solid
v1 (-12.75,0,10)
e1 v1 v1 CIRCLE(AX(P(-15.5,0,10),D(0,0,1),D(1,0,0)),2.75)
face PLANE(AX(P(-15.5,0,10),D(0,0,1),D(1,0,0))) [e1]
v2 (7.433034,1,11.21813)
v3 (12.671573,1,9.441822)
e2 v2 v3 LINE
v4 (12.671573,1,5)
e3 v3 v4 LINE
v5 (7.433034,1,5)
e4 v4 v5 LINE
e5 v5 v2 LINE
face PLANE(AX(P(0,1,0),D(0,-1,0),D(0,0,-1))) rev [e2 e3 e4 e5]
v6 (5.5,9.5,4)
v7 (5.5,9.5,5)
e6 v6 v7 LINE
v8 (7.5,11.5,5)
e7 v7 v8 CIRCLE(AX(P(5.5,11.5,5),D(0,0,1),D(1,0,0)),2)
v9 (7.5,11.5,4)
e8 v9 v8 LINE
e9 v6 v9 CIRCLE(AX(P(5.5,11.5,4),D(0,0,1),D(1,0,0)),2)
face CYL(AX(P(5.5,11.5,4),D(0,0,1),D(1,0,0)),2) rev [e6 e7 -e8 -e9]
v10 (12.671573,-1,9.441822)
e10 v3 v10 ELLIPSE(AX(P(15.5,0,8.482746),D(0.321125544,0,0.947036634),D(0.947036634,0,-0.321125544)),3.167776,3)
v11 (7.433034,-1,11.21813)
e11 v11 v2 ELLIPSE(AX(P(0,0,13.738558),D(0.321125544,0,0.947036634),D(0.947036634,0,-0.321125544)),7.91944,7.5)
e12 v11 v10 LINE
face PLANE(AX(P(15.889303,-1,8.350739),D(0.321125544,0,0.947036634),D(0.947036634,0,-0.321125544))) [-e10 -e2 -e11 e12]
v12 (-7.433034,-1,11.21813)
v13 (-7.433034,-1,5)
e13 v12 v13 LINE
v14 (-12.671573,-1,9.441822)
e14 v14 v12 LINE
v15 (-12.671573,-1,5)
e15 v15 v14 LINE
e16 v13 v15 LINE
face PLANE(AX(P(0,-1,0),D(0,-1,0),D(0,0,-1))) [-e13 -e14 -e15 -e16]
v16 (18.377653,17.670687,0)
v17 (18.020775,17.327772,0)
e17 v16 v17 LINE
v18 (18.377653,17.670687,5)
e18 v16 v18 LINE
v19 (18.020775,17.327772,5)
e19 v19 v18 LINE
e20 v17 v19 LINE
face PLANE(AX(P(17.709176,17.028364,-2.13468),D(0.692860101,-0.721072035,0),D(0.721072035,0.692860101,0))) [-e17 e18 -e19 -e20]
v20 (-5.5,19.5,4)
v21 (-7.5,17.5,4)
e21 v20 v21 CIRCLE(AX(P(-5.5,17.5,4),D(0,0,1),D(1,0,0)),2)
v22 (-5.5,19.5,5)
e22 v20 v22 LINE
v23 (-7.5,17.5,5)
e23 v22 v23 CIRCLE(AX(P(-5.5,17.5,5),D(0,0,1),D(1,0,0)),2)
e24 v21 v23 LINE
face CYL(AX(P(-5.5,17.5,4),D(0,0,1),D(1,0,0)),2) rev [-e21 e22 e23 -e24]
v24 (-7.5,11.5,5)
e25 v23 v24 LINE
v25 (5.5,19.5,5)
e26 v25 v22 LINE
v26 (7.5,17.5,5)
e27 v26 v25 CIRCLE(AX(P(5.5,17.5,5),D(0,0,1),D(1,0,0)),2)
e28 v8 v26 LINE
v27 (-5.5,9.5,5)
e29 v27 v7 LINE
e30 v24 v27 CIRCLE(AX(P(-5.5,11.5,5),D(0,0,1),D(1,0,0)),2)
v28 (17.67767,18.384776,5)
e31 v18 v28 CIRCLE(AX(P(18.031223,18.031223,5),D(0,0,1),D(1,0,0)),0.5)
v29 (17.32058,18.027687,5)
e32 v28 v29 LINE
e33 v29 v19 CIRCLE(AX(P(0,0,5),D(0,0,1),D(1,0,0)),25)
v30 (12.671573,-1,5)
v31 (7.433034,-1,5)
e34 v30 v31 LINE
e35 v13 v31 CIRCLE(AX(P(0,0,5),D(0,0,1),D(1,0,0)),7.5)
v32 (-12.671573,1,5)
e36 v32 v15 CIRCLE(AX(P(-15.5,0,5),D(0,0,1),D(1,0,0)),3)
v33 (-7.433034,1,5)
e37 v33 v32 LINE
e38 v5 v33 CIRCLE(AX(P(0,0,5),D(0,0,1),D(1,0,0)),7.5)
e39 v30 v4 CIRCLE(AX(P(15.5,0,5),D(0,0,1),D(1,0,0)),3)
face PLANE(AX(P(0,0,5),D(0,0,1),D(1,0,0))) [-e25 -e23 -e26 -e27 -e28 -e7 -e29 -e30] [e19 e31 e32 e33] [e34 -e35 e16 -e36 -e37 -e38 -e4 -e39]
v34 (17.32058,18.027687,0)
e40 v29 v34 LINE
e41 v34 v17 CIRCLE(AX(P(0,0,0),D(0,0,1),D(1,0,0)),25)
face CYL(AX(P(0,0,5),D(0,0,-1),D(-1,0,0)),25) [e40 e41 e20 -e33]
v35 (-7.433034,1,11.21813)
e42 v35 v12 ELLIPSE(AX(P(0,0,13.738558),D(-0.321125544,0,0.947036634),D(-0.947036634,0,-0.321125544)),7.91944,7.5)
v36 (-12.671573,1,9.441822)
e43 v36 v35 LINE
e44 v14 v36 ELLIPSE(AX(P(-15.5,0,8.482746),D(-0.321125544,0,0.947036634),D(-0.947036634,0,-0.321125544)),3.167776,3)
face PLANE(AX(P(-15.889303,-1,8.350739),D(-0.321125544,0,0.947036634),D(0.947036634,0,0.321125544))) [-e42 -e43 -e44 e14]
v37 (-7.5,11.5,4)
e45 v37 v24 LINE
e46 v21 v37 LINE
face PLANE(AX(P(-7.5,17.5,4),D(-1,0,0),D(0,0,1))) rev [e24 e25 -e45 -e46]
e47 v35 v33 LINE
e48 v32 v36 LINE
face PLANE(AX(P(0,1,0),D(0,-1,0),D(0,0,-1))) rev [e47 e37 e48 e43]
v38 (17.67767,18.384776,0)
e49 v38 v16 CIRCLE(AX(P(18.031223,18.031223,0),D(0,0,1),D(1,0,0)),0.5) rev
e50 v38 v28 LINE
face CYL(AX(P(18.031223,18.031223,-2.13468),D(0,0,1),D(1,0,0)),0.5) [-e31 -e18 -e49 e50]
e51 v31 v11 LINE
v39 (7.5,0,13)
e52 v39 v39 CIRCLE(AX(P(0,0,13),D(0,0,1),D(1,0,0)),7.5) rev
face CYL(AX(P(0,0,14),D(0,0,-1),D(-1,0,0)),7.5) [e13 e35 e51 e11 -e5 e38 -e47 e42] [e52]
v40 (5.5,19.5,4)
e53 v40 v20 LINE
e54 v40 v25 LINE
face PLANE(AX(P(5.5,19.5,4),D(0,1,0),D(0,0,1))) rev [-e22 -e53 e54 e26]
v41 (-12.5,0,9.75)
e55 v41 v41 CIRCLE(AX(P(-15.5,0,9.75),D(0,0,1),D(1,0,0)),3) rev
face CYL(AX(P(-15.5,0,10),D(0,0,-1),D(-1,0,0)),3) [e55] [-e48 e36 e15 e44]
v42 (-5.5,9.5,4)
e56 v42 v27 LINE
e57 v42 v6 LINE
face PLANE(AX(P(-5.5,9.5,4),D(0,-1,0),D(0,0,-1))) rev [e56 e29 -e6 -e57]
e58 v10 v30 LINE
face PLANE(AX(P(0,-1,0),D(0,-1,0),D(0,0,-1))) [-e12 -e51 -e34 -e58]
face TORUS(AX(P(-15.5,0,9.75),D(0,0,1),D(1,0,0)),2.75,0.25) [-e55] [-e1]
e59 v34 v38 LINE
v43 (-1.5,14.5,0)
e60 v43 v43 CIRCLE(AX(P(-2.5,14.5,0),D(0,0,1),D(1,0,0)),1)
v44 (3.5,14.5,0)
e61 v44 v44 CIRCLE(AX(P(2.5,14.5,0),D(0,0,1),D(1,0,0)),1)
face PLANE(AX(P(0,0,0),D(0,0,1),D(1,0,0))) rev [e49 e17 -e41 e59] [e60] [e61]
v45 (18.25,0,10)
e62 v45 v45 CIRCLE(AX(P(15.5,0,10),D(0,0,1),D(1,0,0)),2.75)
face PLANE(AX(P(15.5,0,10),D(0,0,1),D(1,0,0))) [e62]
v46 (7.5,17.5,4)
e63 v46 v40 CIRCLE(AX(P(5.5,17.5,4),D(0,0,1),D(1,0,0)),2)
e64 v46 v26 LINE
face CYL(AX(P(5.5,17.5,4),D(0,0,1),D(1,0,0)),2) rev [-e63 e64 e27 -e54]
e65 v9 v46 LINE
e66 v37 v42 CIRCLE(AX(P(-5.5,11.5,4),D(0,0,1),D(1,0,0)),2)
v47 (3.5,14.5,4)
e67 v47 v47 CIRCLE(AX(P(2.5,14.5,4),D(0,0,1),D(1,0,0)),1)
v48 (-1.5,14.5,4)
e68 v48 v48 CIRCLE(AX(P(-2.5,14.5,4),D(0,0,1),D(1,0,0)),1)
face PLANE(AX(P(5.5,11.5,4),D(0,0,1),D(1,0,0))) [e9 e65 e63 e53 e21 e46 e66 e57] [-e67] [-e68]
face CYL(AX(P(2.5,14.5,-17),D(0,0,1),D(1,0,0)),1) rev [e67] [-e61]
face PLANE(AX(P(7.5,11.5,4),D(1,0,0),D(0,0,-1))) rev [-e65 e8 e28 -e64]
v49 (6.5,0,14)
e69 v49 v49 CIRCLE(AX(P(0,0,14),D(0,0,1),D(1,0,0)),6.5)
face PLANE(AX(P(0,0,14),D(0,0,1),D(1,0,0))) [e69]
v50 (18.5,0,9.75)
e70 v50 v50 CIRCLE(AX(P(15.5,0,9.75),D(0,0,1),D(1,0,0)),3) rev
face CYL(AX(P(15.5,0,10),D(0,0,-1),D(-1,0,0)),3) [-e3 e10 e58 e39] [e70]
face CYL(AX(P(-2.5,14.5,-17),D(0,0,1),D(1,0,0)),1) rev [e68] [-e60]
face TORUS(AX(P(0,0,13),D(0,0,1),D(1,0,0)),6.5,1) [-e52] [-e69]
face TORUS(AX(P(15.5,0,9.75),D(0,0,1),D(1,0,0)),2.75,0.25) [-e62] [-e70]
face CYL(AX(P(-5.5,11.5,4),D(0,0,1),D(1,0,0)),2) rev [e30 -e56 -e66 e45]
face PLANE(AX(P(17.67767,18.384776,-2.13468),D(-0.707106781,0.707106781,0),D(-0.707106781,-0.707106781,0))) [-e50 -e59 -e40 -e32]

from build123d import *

# Parameters (mm, degrees)
SKETCH_1_R           = 25
EXTRUDE_1_DEPTH      = 5
SKETCH_2_R           = 7.5
EXTRUDE_2_DEPTH      = 9
SKETCH_3_R           = 3
EXTRUDE_3_DEPTH      = 5
FILLET_1_R           = 1
EXTRUDE_4_DEPTH      = 1
EXTRUDE_4_DEPTH_BACK = 1
FILLET_2_R           = 0.25
EXTRUDE_5_DEPTH      = 5
CUT_EXTRUDE_1_DEPTH  = 1
SKETCH_7_R           = 1
CUT_EXTRUDE_2_DEPTH  = 21


with BuildPart() as part:
    # Эскиз1 → Бобышка-Вытянуть1 (new body)
    with BuildSketch(Plane.XY):
        Circle(SKETCH_1_R)
    extrude(amount=EXTRUDE_1_DEPTH)

    # Эскиз2 → Бобышка-Вытянуть2 (add)
    with BuildSketch(Plane.XY.offset(5)):
        Circle(SKETCH_2_R)
    extrude(amount=EXTRUDE_2_DEPTH)

    # Эскиз3 → Бобышка-Вытянуть3 (add)
    with BuildSketch(Plane.XY.offset(5)):
        with Locations((15.5, 0)):
            Circle(SKETCH_3_R)
        with Locations((-15.5, 0)):
            Circle(SKETCH_3_R)
    extrude(amount=EXTRUDE_3_DEPTH)

    # Скругление1
    fillet_1_edges = [part.edges().sort_by_distance(p)[0] for p in [
        (-7.5, 0, 14),
    ]]
    fillet(fillet_1_edges, radius=FILLET_1_R)

    # Эскиз4 → Бобышка-Вытянуть4 (add, two sides: drawn at the far end of the back side and taken through both)
    with BuildSketch(Plane(origin=(0, 0, 0), x_dir=(1, 0, 0), z_dir=(0, 1, 0)).offset(-EXTRUDE_4_DEPTH_BACK)):
        Polygon((-15.889303471, -8.350739368), (-5.011906667, -12.039097177), (-5.011906667, -5), (-15.889303471, -5), align=None)
        Polygon((5.011906667, -12.039097177), (5.011906667, -5), (15.889303471, -5), (15.889303471, -8.350739368), align=None)
    extrude(amount=EXTRUDE_4_DEPTH + EXTRUDE_4_DEPTH_BACK)

    # Скругление2
    fillet_2_edges = [part.edges().sort_by_distance(p)[0] for p in [
        (-18.5, 0, 10),
        (12.5, 0, 10),
    ]]
    fillet(fillet_2_edges, radius=FILLET_2_R)

    # Эскиз5 → Бобышка-Вытянуть5 (add)
    with BuildSketch(Plane.XY.offset(5)):
        with BuildLine():
            Line((17.67766953, 18.384776311), (17.015216986, 17.722323767))
            Line((17.015216986, 17.722323767), (17.709176341, 17.028364412))
            Line((17.709176341, 17.028364412), (18.377652971, 17.670686903))
            ThreePointArc((18.377652971, 17.670686903), (18.388285388, 18.381232054), (17.67766953, 18.384776311))
        make_face()
    extrude(amount=-EXTRUDE_5_DEPTH)

    # Эскиз6 → Вырез-Вытянуть1 (cut)
    with BuildSketch(Plane.XY.offset(5)):
        with BuildLine():
            Line((-5.5, 9.5), (5.5, 9.5))
            ThreePointArc((5.5, 9.5), (6.914213562, 10.085786438), (7.5, 11.5))
            Line((7.5, 11.5), (7.5, 17.5))
            ThreePointArc((7.5, 17.5), (6.914213562, 18.914213562), (5.5, 19.5))
            Line((5.5, 19.5), (-5.5, 19.5))
            ThreePointArc((-5.5, 19.5), (-6.914213562, 18.914213562), (-7.5, 17.5))
            Line((-7.5, 17.5), (-7.5, 11.5))
            ThreePointArc((-7.5, 11.5), (-6.914213562, 10.085786438), (-5.5, 9.5))
        make_face()
    extrude(amount=-CUT_EXTRUDE_1_DEPTH, mode=Mode.SUBTRACT)

    # Эскиз7 → Вырез-Вытянуть2 (cut)
    with BuildSketch(Plane.XY.offset(4)):
        with Locations((-2.5, 14.5)):
            Circle(SKETCH_7_R)
        with Locations((2.5, 14.5)):
            Circle(SKETCH_7_R)
    extrude(amount=-CUT_EXTRUDE_2_DEPTH, mode=Mode.SUBTRACT)


solid = part.part
